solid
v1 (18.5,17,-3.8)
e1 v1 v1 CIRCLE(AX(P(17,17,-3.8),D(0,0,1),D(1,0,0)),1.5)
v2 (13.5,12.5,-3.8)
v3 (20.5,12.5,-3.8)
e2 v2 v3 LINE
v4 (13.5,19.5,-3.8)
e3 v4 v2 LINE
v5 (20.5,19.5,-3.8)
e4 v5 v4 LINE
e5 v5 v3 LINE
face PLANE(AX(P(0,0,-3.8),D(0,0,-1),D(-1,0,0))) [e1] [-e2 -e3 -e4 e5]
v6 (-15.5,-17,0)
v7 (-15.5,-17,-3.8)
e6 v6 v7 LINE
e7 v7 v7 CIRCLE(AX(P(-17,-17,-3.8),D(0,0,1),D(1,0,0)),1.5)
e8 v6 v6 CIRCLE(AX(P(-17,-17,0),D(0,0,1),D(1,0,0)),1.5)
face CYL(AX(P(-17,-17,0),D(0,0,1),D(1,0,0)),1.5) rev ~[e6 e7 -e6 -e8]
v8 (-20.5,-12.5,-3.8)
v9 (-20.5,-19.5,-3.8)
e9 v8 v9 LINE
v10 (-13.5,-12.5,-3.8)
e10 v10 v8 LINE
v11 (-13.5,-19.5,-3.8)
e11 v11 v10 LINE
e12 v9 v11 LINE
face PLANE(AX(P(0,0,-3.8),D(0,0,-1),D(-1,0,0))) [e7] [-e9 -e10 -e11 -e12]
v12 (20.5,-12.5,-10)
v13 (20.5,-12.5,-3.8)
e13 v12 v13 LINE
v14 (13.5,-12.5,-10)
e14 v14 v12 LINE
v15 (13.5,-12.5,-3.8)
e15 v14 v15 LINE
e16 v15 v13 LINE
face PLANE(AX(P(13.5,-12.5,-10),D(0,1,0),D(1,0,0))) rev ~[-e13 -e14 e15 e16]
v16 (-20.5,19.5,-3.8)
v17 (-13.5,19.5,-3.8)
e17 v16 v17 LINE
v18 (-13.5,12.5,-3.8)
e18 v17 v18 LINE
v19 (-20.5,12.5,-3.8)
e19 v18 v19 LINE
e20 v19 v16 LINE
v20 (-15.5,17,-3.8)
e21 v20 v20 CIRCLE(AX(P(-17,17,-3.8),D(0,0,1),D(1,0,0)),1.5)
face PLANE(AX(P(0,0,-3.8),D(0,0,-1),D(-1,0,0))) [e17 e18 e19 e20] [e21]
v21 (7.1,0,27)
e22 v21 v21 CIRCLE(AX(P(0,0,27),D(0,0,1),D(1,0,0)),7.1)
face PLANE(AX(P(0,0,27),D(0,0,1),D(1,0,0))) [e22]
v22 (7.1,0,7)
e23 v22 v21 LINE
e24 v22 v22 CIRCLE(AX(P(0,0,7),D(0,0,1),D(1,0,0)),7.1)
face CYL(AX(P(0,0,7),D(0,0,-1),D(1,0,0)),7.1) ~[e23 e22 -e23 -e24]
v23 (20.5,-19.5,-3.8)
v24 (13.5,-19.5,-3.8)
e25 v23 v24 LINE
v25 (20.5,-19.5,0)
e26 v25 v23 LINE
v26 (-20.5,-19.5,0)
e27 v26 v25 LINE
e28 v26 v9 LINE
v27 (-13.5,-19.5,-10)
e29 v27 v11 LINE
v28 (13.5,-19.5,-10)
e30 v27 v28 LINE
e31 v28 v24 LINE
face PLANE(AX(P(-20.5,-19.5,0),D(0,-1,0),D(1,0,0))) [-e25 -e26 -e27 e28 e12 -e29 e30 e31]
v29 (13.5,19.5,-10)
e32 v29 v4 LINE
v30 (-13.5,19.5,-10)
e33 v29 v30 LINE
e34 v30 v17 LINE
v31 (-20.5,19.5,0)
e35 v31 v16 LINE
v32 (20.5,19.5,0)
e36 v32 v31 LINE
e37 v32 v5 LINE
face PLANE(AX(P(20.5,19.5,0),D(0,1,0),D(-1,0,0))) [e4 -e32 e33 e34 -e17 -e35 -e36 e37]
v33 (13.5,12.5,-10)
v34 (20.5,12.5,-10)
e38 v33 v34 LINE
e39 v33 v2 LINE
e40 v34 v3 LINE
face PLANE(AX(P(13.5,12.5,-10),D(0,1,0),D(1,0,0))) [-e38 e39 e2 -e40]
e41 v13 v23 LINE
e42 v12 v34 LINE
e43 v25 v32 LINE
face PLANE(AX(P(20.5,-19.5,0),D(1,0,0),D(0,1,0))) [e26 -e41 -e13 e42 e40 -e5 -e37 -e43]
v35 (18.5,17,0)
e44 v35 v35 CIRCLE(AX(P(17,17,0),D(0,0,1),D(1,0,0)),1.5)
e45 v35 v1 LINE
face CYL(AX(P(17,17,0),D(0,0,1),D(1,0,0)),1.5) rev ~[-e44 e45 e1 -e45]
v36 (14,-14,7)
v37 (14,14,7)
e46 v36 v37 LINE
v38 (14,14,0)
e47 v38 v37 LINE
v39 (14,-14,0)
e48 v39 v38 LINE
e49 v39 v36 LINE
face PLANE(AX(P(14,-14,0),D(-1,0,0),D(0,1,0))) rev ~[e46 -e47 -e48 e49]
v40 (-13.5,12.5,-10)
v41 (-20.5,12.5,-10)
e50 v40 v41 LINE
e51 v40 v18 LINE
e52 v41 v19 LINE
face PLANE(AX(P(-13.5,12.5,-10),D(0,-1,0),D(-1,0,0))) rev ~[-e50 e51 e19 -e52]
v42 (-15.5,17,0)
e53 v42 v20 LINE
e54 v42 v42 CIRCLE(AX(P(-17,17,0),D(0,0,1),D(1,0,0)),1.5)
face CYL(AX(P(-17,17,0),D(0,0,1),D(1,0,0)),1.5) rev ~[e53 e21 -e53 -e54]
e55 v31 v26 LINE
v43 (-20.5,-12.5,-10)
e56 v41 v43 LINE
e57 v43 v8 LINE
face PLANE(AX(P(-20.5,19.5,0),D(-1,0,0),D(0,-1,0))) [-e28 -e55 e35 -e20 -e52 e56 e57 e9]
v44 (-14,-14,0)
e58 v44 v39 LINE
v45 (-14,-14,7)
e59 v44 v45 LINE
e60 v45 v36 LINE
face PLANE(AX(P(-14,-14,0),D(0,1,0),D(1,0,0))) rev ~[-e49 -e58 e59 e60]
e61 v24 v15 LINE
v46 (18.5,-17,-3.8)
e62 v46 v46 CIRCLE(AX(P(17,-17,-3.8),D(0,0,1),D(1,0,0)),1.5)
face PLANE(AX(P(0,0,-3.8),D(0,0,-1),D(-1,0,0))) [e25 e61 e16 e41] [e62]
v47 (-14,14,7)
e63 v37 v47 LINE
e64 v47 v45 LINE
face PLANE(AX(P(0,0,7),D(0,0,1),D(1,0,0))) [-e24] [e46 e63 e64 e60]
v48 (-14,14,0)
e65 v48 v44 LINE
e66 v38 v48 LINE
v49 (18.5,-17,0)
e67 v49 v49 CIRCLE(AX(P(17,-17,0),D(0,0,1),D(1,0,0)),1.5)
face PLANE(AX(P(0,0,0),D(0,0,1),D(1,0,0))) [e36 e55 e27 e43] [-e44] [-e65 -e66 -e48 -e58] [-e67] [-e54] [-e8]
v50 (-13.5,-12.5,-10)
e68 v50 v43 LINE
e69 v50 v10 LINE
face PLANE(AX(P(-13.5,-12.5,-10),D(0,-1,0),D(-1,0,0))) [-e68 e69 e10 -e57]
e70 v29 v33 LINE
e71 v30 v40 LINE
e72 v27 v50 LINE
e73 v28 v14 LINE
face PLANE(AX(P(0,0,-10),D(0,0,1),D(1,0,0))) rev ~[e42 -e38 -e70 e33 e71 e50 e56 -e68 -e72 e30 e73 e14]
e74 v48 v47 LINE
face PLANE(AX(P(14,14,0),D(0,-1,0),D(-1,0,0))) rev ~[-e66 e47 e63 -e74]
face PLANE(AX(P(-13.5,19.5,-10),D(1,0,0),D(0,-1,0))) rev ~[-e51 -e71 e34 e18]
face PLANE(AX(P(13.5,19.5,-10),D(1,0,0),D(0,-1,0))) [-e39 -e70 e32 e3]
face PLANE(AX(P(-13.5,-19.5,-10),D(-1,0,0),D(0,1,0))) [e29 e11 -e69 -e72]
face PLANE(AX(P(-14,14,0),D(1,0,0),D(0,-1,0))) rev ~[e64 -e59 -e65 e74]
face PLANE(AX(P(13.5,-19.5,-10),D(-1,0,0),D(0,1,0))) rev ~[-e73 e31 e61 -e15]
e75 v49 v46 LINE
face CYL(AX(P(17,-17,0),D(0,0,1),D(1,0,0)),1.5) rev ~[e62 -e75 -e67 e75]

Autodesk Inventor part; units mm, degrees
ref_plane "YZ Plane" through (0, 0, 0) normal (1, 0, 0) x (0, 1, 0)
ref_plane "XZ Plane" through (0, 0, 0) normal (0, 1, 0) x (-1, 0, 0)
ref_plane "XY Plane" through (0, 0, 0) normal (0, 0, 1) x (1, 0, 0)
sketch "Sketch1" plane through (0, 0, 0) normal (0, 0, 1) x (1, 0, 0)
  line L0 (-20.5, -19.5) -> (20.5, -19.5)
  line L1 (20.5, -19.5) -> (20.5, 19.5)
  line L2 (20.5, 19.5) -> (-20.5, 19.5)
  line L3 (-20.5, 19.5) -> (-20.5, -19.5)
  line L4 (-20.5, -19.5) -> (20.5, 19.5) construction
  line L5 (20.5, -19.5) -> (-20.5, 19.5) construction
  line L6 (-17, -17) -> (17, -17) construction
  line L7 (17, -17) -> (17, 17) construction
  line L8 (17, 17) -> (-17, 17) construction
  line L9 (-17, 17) -> (-17, -17) construction
  line L10 (-17, -17) -> (17, 17) construction
  line L11 (17, -17) -> (-17, 17) construction
  circle A0 centre (-17, 17) radius 1.5
  circle A1 centre (17, 17) radius 1.5
  circle A2 centre (17, -17) radius 1.5
  circle A3 centre (-17, -17) radius 1.5
  point P0 (0, 0)
  dimension "d0" = 41
  dimension "d1" = 39
  dimension "d2" = 34
  dimension "d3" = 34
  dimension "d4" = 3
extrude "Extrusion1" add sketch "Sketch1" against normal blind 10
sketch "Sketch2" plane through (0, 0, 0) normal (0, 0, 1) x (1, 0, 0)
  line L0 (-14, -14) -> (14, -14)
  line L1 (14, -14) -> (14, 14)
  line L2 (14, 14) -> (-14, 14)
  line L3 (-14, 14) -> (-14, -14)
  line L4 (-14, -14) -> (14, 14) construction
  line L5 (14, -14) -> (-14, 14) construction
  point P0 (0, 0)
  dimension "d7" = 28
  dimension "d8" = 28
extrude "Extrusion2" add sketch "Sketch2" along normal blind 7
sketch "Sketch3" plane through (0, 0, 7) normal (0, 0, 1) x (1, 0, 0)
  circle A0 centre (0, 0) radius 7.1
  dimension "d11" = 14.2
extrude "Extrusion3" add sketch "Sketch3" along normal blind 20
sketch "Sketch4" plane through (0, 0, -10) normal (0, 0, -1) x (-1, 0, 0)
  line L0 (-20.5, 19.5) -> (-20.5, -19.5) projected
  line L1 (-20.5, 19.5) -> (-13.5, 19.5)
  line L2 (-13.5, 19.5) -> (-13.5, 12.5)
  line L3 (-13.5, 12.5) -> (-20.5, 12.5)
  line L4 (-20.5, 12.5) -> (-20.5, 19.5)
  line L5 (20.5, 19.5) -> (-20.5, 19.5) projected
  line L6 (20.5, 19.5) -> (13.5, 19.5)
  line L7 (13.5, 19.5) -> (13.5, 12.5)
  line L8 (13.5, 12.5) -> (20.5, 12.5)
  line L9 (20.5, 12.5) -> (20.5, 19.5)
  line L10 (20.5, 19.5) -> (20.5, -19.5) projected
  line L11 (20.5, -19.5) -> (13.5, -19.5)
  line L12 (13.5, -19.5) -> (13.5, -12.5)
  line L13 (13.5, -12.5) -> (20.5, -12.5)
  line L14 (20.5, -12.5) -> (20.5, -19.5)
  line L15 (-20.5, -19.5) -> (-13.5, -19.5)
  line L16 (-13.5, -19.5) -> (-13.5, -12.5)
  line L17 (-13.5, -12.5) -> (-20.5, -12.5)
  line L18 (-20.5, -12.5) -> (-20.5, -19.5)
  point P0 (0, 0)
  dimension "d14" = 7
extrude "Extrusion4" cut sketch "Sketch4" against normal blind 6.2
equation "\"d0\" = imx291ModuleWidth"
equation "\"d1\" = imx291ModuleLength"
equation "\"d2\" = imx291ModuleScrewWidthDistance"
equation "\"d3\" = imx291ModuleScrewLengthDistance"
equation "\"d4\" = screwDiameterHole"
equation "\"d5\" = imx291ModuleDepth"
equation "\"d7\" = lensBaseWidth"
equation "\"d8\" = lensBaseLength"
equation "\"d9\" = lensBaseDepth"
equation "\"d11\" = lensDiameter"
equation "\"d12\" = lensDepth"
equation "\"imx291ModuleWidth\" = 41"
equation "\"imx291ModuleLength\" = 39"
equation "\"imx291ModuleDepth\" = 10"
equation "\"imx291ModuleScrewWidthDistance\" = 34"
equation "\"imx291ModuleScrewLengthDistance\" = 34"
equation "\"screwDiameterHole\" = 3"
equation "\"lensBaseWidth\" = 28"
equation "\"lensBaseLength\" = 28"
equation "\"lensBaseDepth\" = 7"
equation "\"lensDiameter\" = 14.2"
equation "\"lensDepth\" = 20"
properties part number "imx291CameraModule"
